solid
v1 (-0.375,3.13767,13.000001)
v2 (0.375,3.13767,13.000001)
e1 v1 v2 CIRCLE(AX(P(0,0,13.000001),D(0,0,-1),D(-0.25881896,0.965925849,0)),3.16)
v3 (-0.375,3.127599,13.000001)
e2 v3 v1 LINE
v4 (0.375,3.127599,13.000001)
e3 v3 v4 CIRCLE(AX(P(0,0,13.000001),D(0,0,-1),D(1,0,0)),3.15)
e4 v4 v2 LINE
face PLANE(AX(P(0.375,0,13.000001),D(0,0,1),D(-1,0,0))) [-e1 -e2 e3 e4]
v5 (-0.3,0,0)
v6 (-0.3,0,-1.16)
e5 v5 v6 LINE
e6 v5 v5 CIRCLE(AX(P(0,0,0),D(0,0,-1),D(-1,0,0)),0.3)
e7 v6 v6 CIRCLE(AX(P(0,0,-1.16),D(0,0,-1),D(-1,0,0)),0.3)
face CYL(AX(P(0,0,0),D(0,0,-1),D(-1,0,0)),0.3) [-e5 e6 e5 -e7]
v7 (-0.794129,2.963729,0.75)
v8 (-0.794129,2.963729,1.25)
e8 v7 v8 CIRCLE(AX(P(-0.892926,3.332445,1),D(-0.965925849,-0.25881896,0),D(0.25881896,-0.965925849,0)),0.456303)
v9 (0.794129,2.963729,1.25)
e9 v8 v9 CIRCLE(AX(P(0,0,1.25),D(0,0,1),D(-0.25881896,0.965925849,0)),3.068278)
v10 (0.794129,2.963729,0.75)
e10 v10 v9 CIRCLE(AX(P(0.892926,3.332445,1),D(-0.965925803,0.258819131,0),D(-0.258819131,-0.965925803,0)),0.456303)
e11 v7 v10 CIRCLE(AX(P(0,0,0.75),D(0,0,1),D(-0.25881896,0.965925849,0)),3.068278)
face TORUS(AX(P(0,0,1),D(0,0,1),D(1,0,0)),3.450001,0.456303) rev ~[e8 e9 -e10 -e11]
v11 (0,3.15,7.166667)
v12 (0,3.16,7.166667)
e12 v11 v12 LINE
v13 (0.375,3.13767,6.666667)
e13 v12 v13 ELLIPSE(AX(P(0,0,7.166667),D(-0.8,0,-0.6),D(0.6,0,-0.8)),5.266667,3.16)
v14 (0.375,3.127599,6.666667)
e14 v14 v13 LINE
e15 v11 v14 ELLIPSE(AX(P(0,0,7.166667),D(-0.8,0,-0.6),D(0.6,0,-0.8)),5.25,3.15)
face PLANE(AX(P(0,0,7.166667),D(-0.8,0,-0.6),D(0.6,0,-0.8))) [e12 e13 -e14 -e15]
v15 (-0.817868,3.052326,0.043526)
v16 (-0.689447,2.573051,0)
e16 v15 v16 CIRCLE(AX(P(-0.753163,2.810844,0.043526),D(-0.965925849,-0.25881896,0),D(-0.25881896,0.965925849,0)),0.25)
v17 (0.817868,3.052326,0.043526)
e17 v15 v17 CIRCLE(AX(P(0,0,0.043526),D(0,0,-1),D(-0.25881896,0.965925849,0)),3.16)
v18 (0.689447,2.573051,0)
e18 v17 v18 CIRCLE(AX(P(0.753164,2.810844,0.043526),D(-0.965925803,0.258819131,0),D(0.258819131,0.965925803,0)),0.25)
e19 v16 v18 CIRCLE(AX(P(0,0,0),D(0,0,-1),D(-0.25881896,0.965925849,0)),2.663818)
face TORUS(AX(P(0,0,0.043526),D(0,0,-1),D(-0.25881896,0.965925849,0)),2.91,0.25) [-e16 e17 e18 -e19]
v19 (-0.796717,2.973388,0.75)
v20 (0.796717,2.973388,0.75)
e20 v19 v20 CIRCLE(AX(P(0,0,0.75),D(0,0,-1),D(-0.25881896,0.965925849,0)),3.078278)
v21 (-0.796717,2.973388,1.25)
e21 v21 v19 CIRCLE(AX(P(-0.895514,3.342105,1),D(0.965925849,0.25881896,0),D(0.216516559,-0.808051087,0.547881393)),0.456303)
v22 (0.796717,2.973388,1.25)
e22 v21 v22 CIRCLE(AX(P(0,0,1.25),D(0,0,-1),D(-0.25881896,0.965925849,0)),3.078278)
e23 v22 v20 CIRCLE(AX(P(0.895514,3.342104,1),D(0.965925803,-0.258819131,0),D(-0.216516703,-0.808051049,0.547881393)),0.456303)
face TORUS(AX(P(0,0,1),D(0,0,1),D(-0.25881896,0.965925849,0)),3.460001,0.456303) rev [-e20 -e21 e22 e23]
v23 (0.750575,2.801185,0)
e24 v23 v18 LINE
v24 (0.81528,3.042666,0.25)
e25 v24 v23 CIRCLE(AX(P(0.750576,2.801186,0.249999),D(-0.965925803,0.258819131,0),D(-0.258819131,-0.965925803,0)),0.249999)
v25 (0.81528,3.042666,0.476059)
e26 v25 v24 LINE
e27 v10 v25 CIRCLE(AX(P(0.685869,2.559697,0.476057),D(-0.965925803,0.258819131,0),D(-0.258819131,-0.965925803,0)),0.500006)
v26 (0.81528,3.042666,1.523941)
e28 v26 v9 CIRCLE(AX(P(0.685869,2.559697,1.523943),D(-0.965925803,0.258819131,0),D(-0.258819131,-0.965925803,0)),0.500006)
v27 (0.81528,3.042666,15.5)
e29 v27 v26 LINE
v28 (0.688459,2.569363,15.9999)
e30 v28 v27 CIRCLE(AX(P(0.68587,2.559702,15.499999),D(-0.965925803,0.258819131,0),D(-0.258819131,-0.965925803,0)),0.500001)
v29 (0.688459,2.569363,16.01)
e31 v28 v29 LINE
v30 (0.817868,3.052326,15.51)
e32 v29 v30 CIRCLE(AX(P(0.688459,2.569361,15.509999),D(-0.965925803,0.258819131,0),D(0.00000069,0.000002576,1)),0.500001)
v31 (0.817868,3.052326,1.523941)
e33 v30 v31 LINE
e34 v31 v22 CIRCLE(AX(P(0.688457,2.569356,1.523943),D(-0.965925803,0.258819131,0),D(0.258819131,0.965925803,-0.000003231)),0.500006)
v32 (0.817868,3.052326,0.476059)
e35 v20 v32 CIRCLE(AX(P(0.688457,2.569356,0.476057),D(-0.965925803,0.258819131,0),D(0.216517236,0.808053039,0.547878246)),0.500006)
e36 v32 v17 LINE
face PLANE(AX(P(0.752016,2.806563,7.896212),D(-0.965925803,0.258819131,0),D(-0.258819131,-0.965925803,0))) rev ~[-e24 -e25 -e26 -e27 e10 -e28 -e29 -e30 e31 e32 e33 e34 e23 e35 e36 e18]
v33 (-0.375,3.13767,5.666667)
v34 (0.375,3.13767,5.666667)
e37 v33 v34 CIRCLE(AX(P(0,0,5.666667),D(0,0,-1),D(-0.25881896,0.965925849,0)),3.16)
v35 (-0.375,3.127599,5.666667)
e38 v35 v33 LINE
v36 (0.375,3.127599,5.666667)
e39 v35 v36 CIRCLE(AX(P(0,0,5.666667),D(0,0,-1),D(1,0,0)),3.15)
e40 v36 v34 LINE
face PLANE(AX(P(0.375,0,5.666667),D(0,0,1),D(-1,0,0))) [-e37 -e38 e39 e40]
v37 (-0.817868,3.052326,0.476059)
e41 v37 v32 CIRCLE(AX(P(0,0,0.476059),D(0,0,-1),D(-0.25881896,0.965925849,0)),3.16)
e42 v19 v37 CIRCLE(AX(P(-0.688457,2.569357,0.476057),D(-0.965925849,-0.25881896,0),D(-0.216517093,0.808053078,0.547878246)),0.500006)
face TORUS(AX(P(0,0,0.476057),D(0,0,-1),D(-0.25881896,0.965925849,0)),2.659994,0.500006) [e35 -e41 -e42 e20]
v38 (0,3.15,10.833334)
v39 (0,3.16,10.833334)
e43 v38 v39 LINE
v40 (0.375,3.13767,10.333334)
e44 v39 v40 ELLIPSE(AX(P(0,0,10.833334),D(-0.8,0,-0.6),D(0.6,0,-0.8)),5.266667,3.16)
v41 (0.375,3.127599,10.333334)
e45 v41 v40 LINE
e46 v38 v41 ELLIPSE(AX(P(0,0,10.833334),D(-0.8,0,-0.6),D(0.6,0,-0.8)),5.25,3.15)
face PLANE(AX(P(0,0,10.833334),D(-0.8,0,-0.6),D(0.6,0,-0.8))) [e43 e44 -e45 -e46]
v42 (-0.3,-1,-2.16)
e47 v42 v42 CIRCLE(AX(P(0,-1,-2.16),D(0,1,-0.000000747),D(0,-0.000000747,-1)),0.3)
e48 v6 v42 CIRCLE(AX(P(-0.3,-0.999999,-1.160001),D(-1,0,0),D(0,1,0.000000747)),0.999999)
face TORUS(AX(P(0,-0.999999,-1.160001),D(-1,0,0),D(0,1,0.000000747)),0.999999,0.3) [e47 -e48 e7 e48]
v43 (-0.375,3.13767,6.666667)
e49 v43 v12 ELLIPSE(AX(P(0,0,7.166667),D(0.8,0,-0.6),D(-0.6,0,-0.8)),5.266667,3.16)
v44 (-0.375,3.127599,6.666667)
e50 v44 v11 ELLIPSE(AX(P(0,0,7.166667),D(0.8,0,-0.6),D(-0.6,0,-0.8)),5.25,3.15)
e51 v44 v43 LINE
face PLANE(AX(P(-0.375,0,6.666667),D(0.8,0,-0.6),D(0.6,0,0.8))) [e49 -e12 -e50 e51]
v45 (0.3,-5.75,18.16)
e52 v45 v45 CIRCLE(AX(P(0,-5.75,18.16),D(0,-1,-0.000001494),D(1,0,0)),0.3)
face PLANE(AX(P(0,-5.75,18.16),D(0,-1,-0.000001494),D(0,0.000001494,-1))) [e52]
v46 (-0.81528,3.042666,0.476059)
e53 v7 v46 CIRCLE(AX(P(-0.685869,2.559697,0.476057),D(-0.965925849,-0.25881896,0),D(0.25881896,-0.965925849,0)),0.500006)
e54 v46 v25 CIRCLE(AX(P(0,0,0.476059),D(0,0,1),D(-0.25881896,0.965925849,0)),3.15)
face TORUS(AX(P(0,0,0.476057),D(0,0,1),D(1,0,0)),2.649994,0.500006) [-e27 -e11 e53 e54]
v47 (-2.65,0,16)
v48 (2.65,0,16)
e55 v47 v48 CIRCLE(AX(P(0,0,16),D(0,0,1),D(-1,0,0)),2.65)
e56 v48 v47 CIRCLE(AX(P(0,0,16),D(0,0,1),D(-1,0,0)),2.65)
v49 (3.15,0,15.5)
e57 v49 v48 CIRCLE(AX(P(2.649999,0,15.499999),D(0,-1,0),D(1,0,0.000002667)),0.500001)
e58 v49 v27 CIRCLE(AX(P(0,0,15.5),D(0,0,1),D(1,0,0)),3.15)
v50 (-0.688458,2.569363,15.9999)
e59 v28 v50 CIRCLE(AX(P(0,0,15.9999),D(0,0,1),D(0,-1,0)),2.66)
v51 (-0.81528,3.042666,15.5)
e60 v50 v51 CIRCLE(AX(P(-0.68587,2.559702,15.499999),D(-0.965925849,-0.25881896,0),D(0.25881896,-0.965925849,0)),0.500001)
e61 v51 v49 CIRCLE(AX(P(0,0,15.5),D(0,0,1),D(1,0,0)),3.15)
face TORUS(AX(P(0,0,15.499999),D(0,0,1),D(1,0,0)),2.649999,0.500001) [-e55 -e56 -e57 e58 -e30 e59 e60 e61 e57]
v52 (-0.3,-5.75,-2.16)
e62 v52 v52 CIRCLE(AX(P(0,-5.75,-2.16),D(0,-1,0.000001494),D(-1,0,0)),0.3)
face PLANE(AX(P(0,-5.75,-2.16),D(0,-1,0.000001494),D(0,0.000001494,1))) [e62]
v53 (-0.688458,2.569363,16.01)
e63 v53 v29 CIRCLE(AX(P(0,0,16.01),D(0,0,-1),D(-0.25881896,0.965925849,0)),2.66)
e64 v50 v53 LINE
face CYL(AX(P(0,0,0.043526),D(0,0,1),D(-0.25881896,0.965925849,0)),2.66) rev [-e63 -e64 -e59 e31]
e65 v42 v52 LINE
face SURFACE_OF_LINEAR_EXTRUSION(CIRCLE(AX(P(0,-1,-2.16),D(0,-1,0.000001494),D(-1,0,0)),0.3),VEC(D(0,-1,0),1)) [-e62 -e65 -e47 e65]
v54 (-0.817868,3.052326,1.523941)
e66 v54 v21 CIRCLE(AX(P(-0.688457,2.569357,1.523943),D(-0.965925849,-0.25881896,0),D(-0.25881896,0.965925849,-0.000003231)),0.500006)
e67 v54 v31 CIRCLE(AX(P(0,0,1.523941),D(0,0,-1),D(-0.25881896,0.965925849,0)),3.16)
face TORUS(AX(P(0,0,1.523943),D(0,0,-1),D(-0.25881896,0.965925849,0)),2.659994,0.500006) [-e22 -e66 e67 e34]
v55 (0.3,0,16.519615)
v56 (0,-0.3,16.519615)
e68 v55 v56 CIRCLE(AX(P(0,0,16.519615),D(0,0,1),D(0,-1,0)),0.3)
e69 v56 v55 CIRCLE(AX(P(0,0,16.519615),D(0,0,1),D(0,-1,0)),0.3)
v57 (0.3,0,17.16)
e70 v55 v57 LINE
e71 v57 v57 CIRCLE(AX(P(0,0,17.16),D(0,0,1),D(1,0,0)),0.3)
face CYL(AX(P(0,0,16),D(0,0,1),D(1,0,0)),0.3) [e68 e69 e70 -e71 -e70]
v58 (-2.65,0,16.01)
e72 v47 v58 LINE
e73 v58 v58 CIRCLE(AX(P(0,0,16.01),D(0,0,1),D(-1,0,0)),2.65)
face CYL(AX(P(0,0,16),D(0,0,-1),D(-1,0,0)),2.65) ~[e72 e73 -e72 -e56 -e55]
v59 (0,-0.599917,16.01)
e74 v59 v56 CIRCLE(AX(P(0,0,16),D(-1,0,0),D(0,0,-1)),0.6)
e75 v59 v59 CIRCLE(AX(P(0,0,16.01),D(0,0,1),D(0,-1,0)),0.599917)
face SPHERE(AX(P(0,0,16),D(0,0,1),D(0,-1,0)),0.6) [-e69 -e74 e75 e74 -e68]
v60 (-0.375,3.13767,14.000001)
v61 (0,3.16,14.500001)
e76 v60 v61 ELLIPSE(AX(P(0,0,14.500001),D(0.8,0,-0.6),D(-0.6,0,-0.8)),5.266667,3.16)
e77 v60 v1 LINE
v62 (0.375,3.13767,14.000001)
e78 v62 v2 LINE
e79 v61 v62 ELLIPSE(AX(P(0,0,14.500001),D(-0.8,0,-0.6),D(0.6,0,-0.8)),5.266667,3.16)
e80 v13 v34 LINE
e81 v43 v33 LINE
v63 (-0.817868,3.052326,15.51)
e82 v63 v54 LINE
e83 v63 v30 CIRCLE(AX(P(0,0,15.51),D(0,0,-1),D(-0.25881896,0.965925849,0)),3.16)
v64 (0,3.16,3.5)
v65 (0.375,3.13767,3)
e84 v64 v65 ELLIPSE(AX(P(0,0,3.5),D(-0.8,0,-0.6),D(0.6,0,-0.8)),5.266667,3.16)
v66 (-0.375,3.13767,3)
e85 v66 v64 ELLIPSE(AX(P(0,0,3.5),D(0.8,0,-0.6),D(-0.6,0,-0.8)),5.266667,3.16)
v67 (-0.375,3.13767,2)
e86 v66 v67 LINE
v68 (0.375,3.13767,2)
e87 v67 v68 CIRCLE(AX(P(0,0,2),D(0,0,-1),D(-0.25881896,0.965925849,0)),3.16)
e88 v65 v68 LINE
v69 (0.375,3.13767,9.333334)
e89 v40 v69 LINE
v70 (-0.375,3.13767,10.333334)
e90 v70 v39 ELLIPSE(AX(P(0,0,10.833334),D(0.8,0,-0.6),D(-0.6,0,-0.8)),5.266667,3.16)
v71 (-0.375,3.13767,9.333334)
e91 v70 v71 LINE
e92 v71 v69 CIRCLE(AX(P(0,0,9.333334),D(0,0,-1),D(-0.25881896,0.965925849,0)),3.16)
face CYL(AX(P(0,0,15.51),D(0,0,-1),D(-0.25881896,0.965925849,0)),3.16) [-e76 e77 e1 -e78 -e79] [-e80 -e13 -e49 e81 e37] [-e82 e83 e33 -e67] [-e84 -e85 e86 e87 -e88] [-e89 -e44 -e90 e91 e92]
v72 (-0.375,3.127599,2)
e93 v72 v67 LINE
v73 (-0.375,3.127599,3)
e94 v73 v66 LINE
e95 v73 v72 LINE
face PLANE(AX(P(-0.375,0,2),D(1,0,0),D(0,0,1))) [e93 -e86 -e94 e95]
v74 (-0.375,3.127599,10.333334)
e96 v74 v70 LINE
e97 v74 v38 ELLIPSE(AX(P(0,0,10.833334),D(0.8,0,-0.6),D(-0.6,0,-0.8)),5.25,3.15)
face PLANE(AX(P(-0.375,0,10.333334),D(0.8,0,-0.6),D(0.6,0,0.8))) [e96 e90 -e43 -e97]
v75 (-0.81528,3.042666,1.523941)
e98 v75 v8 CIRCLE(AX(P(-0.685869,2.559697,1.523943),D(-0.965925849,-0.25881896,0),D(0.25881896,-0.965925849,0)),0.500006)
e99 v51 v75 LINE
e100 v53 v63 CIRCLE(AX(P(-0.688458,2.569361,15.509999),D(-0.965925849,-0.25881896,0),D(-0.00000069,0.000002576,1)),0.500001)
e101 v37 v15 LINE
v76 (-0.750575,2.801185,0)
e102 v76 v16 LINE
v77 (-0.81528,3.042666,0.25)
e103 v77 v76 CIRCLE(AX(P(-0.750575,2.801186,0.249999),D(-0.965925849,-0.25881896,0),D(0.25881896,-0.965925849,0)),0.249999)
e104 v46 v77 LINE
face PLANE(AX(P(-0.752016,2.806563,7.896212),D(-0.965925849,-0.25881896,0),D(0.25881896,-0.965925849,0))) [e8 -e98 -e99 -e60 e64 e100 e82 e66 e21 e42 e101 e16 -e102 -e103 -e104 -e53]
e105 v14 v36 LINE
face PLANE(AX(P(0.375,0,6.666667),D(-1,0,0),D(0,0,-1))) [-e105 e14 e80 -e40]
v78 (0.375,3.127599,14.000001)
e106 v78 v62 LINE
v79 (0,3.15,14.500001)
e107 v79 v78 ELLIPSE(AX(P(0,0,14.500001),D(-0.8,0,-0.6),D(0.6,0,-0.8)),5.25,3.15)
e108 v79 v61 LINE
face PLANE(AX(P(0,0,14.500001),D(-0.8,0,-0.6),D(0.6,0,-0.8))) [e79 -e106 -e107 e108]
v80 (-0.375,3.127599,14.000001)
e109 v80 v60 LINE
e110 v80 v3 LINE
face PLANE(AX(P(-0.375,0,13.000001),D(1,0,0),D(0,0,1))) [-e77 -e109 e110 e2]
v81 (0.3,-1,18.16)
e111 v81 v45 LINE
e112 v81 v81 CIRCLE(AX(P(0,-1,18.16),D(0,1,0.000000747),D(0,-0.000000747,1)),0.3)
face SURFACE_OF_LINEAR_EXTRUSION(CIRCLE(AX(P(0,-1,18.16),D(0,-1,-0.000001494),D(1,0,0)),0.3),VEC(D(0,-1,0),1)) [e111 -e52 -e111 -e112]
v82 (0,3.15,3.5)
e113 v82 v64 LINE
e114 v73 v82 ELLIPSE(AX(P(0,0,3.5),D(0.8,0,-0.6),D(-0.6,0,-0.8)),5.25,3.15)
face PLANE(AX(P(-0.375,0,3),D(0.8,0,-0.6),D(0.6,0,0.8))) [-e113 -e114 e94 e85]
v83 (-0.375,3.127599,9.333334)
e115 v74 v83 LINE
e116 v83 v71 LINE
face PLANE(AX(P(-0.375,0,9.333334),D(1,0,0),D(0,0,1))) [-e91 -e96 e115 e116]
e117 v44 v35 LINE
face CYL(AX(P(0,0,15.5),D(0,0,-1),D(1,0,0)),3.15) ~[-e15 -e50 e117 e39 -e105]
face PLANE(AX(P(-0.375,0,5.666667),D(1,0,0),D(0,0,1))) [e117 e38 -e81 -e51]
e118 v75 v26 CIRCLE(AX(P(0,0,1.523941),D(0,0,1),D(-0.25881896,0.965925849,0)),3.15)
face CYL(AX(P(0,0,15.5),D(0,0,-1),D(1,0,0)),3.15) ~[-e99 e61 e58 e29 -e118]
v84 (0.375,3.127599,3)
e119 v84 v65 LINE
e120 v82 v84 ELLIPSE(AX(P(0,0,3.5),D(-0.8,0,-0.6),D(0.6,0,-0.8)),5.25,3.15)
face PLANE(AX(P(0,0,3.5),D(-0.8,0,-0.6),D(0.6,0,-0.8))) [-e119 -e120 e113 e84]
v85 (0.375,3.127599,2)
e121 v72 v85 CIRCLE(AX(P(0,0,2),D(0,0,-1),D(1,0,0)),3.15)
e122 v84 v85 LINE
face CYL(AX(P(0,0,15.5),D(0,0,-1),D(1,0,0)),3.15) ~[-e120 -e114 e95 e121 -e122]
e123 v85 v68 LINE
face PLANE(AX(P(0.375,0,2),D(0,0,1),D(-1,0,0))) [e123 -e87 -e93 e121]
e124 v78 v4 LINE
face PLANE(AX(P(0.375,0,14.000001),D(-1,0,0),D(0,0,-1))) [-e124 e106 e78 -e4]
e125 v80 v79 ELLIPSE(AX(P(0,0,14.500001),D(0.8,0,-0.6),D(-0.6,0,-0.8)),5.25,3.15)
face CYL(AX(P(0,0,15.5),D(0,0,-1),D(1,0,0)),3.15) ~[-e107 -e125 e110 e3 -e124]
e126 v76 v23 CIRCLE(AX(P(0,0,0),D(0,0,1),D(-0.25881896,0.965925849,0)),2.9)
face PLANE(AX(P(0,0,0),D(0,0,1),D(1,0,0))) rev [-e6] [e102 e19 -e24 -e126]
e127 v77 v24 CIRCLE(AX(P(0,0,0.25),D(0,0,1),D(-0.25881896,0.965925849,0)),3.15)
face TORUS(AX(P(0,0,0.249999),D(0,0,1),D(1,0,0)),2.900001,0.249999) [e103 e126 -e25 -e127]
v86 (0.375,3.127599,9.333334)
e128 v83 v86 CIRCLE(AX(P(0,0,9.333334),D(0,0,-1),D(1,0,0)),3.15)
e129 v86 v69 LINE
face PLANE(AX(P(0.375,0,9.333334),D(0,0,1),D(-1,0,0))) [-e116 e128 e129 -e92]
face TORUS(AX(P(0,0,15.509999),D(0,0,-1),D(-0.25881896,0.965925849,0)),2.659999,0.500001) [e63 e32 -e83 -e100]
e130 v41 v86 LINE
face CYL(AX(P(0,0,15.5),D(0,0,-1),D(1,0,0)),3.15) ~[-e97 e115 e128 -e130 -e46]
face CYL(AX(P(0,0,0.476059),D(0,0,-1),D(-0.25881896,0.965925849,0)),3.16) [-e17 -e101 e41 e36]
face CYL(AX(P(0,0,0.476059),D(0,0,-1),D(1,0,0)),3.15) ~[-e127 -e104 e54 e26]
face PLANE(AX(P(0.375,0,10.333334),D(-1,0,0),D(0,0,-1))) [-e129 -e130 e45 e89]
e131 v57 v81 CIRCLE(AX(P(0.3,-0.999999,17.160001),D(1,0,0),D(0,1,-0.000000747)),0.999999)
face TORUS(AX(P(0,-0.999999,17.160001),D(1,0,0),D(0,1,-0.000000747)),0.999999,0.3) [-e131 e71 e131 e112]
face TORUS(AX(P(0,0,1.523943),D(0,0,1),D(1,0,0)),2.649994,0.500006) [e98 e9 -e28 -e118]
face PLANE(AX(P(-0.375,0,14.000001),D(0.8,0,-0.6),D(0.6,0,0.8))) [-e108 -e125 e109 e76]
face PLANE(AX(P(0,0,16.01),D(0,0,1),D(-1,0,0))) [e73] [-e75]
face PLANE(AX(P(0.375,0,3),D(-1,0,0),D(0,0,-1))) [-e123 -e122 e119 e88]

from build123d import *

# Parameters (mm, degrees)
SKETCH011_R             = 0.3
BODY007_PLACEMENT_ANGLE = 180
REVOLUTION001_ANGLE     = -30
POCKET_DEPTH            = 3.161
LINEARPATTERN_COUNT     = 4
LINEARPATTERN_PITCH     = 3.666667
SKETCH012_R             = 2.65
PAD_DEPTH               = 0.01
BODY008_PLACEMENT_ANGLE = 90


with BuildPart() as lead:
    # AdditivePipe: sweep along a path in Sketch010
    with BuildLine(Plane(origin=(0, 0, 0), x_dir=(0, -1, 0), z_dir=(-1, 0, 0))) as additivepipe_path:
        Line((0, 16), (0, 17.16))
        ThreePointArc((0, 17.16), (0.292893, 17.867107), (1, 18.16))
        Line((1, 18.16), (5.75, 18.16))
    # Sketch011 → AdditivePipe (sweep)
    with BuildSketch(Plane.XY.offset(16)):
        Circle(SKETCH011_R)
    sweep(path=additivepipe_path.line)


with BuildPart() as leadclone:
    # Body007 base: copy of Lead
    add(lead.part)


with BuildPart() as leadclone_1:
    # Body007 placement: moved
    add(leadclone.part.moved(Location((0, 0, 16))).rotate(Axis((0, 0, 16), (0, 1, 0)), BODY007_PLACEMENT_ANGLE))


with BuildPart() as polaritymarking:
    # Sketch005 → Revolution001 (revolve)
    with BuildSketch(Plane(origin=(0, 0, 0), x_dir=(-0.258819, 0.965926, 0), z_dir=(0.965926, 0.258819, 0))):
        with BuildLine():
            Line((2.66, 0.043526), (2.66, 16.01))
            ThreePointArc((2.66, 16.01), (3.013553, 15.863553), (3.16, 15.51))
            Line((3.16, 15.51), (3.16, 1.523941))
            ThreePointArc((3.16, 1.523941), (3.139134, 1.381006), (3.078278, 1.25))
            ThreePointArc((3.078278, 1.25), (3.003698, 1), (3.078278, 0.75))
            ThreePointArc((3.078278, 0.75), (3.139134, 0.618994), (3.16, 0.476059))
            Line((3.16, 0.476059), (3.16, 0.043526))
            ThreePointArc((3.16, 0.043526), (2.91, -0.206474), (2.66, 0.043526))
        make_face()
    revolve(axis=Axis((0, 0, 0), (0, 0, 1)), revolution_arc=REVOLUTION001_ANGLE)

    # Sketch013 → Pocket (cut, through all)
    with BuildSketch(Plane.XZ):
        Polygon((0.375, 2), (-0.375, 2), (-0.375, 3), (0, 3.5), (0.375, 3), align=None)
    pocket = extrude(amount=-POCKET_DEPTH, mode=Mode.SUBTRACT)

    # LinearPattern: Pocket ×4
    with Locations(*[(0, 0, i * LINEARPATTERN_PITCH) for i in range(1, LINEARPATTERN_COUNT)]):
        add(pocket, mode=Mode.SUBTRACT)


with BuildPart() as housing:
    # Sketch → Revolution (revolve)
    with BuildSketch(Plane.XZ):
        with BuildLine():
            Line((0, 16), (2.65, 16))
            ThreePointArc((3.15, 15.5), (3.003553, 15.853553), (2.65, 16))
            Line((3.15, 15.5), (3.15, 1.523941))
            ThreePointArc((3.068278, 1.25), (3.129134, 1.381006), (3.15, 1.523941))
            ThreePointArc((3.068278, 1.25), (2.993698, 1), (3.068278, 0.75))
            ThreePointArc((3.15, 0.476059), (3.129134, 0.618994), (3.068278, 0.75))
            Line((3.15, 0.476059), (3.15, 0.25))
            ThreePointArc((2.9, 0), (3.076777, 0.073223), (3.15, 0.25))
            Line((0, 0), (2.9, 0))
            Line((0, 16), (0, 0))
        make_face()
    revolve(axis=Axis((0, 0, 0), (0, 0, 1)))


with BuildPart() as fusion:
    # Sphere → Sphere (revolve)
    with BuildSketch(Plane.XZ):
        with BuildLine():
            ThreePointArc((0, -0.6), (0.6, 0), (0, 0.6))
            Line((0, 0.6), (0, -0.6))
        make_face()
    revolve(axis=Axis((0, 0, 0), (0, 0, 1)))

    # Sketch012 (on ShapeBinder) → Pad (new body)
    with BuildSketch(Plane(origin=(0, 0, 0), x_dir=(0, -1, 0), z_dir=(0, 0, 1))):
        Circle(SKETCH012_R)
    extrude(amount=PAD_DEPTH)


with BuildPart() as fusion_1:
    # Body008 placement: moved
    add(fusion.part.moved(Location((0, 0, 16))).rotate(Axis((0, 0, 16), (0, 0, -1)), BODY008_PLACEMENT_ANGLE))

    # Fusion: union LeadClone, Lead, PolarityMarking, Housing
    add(leadclone_1.part)
    add(lead.part)
    add(polaritymarking.part)
    add(housing.part)


solid = fusion_1.part
